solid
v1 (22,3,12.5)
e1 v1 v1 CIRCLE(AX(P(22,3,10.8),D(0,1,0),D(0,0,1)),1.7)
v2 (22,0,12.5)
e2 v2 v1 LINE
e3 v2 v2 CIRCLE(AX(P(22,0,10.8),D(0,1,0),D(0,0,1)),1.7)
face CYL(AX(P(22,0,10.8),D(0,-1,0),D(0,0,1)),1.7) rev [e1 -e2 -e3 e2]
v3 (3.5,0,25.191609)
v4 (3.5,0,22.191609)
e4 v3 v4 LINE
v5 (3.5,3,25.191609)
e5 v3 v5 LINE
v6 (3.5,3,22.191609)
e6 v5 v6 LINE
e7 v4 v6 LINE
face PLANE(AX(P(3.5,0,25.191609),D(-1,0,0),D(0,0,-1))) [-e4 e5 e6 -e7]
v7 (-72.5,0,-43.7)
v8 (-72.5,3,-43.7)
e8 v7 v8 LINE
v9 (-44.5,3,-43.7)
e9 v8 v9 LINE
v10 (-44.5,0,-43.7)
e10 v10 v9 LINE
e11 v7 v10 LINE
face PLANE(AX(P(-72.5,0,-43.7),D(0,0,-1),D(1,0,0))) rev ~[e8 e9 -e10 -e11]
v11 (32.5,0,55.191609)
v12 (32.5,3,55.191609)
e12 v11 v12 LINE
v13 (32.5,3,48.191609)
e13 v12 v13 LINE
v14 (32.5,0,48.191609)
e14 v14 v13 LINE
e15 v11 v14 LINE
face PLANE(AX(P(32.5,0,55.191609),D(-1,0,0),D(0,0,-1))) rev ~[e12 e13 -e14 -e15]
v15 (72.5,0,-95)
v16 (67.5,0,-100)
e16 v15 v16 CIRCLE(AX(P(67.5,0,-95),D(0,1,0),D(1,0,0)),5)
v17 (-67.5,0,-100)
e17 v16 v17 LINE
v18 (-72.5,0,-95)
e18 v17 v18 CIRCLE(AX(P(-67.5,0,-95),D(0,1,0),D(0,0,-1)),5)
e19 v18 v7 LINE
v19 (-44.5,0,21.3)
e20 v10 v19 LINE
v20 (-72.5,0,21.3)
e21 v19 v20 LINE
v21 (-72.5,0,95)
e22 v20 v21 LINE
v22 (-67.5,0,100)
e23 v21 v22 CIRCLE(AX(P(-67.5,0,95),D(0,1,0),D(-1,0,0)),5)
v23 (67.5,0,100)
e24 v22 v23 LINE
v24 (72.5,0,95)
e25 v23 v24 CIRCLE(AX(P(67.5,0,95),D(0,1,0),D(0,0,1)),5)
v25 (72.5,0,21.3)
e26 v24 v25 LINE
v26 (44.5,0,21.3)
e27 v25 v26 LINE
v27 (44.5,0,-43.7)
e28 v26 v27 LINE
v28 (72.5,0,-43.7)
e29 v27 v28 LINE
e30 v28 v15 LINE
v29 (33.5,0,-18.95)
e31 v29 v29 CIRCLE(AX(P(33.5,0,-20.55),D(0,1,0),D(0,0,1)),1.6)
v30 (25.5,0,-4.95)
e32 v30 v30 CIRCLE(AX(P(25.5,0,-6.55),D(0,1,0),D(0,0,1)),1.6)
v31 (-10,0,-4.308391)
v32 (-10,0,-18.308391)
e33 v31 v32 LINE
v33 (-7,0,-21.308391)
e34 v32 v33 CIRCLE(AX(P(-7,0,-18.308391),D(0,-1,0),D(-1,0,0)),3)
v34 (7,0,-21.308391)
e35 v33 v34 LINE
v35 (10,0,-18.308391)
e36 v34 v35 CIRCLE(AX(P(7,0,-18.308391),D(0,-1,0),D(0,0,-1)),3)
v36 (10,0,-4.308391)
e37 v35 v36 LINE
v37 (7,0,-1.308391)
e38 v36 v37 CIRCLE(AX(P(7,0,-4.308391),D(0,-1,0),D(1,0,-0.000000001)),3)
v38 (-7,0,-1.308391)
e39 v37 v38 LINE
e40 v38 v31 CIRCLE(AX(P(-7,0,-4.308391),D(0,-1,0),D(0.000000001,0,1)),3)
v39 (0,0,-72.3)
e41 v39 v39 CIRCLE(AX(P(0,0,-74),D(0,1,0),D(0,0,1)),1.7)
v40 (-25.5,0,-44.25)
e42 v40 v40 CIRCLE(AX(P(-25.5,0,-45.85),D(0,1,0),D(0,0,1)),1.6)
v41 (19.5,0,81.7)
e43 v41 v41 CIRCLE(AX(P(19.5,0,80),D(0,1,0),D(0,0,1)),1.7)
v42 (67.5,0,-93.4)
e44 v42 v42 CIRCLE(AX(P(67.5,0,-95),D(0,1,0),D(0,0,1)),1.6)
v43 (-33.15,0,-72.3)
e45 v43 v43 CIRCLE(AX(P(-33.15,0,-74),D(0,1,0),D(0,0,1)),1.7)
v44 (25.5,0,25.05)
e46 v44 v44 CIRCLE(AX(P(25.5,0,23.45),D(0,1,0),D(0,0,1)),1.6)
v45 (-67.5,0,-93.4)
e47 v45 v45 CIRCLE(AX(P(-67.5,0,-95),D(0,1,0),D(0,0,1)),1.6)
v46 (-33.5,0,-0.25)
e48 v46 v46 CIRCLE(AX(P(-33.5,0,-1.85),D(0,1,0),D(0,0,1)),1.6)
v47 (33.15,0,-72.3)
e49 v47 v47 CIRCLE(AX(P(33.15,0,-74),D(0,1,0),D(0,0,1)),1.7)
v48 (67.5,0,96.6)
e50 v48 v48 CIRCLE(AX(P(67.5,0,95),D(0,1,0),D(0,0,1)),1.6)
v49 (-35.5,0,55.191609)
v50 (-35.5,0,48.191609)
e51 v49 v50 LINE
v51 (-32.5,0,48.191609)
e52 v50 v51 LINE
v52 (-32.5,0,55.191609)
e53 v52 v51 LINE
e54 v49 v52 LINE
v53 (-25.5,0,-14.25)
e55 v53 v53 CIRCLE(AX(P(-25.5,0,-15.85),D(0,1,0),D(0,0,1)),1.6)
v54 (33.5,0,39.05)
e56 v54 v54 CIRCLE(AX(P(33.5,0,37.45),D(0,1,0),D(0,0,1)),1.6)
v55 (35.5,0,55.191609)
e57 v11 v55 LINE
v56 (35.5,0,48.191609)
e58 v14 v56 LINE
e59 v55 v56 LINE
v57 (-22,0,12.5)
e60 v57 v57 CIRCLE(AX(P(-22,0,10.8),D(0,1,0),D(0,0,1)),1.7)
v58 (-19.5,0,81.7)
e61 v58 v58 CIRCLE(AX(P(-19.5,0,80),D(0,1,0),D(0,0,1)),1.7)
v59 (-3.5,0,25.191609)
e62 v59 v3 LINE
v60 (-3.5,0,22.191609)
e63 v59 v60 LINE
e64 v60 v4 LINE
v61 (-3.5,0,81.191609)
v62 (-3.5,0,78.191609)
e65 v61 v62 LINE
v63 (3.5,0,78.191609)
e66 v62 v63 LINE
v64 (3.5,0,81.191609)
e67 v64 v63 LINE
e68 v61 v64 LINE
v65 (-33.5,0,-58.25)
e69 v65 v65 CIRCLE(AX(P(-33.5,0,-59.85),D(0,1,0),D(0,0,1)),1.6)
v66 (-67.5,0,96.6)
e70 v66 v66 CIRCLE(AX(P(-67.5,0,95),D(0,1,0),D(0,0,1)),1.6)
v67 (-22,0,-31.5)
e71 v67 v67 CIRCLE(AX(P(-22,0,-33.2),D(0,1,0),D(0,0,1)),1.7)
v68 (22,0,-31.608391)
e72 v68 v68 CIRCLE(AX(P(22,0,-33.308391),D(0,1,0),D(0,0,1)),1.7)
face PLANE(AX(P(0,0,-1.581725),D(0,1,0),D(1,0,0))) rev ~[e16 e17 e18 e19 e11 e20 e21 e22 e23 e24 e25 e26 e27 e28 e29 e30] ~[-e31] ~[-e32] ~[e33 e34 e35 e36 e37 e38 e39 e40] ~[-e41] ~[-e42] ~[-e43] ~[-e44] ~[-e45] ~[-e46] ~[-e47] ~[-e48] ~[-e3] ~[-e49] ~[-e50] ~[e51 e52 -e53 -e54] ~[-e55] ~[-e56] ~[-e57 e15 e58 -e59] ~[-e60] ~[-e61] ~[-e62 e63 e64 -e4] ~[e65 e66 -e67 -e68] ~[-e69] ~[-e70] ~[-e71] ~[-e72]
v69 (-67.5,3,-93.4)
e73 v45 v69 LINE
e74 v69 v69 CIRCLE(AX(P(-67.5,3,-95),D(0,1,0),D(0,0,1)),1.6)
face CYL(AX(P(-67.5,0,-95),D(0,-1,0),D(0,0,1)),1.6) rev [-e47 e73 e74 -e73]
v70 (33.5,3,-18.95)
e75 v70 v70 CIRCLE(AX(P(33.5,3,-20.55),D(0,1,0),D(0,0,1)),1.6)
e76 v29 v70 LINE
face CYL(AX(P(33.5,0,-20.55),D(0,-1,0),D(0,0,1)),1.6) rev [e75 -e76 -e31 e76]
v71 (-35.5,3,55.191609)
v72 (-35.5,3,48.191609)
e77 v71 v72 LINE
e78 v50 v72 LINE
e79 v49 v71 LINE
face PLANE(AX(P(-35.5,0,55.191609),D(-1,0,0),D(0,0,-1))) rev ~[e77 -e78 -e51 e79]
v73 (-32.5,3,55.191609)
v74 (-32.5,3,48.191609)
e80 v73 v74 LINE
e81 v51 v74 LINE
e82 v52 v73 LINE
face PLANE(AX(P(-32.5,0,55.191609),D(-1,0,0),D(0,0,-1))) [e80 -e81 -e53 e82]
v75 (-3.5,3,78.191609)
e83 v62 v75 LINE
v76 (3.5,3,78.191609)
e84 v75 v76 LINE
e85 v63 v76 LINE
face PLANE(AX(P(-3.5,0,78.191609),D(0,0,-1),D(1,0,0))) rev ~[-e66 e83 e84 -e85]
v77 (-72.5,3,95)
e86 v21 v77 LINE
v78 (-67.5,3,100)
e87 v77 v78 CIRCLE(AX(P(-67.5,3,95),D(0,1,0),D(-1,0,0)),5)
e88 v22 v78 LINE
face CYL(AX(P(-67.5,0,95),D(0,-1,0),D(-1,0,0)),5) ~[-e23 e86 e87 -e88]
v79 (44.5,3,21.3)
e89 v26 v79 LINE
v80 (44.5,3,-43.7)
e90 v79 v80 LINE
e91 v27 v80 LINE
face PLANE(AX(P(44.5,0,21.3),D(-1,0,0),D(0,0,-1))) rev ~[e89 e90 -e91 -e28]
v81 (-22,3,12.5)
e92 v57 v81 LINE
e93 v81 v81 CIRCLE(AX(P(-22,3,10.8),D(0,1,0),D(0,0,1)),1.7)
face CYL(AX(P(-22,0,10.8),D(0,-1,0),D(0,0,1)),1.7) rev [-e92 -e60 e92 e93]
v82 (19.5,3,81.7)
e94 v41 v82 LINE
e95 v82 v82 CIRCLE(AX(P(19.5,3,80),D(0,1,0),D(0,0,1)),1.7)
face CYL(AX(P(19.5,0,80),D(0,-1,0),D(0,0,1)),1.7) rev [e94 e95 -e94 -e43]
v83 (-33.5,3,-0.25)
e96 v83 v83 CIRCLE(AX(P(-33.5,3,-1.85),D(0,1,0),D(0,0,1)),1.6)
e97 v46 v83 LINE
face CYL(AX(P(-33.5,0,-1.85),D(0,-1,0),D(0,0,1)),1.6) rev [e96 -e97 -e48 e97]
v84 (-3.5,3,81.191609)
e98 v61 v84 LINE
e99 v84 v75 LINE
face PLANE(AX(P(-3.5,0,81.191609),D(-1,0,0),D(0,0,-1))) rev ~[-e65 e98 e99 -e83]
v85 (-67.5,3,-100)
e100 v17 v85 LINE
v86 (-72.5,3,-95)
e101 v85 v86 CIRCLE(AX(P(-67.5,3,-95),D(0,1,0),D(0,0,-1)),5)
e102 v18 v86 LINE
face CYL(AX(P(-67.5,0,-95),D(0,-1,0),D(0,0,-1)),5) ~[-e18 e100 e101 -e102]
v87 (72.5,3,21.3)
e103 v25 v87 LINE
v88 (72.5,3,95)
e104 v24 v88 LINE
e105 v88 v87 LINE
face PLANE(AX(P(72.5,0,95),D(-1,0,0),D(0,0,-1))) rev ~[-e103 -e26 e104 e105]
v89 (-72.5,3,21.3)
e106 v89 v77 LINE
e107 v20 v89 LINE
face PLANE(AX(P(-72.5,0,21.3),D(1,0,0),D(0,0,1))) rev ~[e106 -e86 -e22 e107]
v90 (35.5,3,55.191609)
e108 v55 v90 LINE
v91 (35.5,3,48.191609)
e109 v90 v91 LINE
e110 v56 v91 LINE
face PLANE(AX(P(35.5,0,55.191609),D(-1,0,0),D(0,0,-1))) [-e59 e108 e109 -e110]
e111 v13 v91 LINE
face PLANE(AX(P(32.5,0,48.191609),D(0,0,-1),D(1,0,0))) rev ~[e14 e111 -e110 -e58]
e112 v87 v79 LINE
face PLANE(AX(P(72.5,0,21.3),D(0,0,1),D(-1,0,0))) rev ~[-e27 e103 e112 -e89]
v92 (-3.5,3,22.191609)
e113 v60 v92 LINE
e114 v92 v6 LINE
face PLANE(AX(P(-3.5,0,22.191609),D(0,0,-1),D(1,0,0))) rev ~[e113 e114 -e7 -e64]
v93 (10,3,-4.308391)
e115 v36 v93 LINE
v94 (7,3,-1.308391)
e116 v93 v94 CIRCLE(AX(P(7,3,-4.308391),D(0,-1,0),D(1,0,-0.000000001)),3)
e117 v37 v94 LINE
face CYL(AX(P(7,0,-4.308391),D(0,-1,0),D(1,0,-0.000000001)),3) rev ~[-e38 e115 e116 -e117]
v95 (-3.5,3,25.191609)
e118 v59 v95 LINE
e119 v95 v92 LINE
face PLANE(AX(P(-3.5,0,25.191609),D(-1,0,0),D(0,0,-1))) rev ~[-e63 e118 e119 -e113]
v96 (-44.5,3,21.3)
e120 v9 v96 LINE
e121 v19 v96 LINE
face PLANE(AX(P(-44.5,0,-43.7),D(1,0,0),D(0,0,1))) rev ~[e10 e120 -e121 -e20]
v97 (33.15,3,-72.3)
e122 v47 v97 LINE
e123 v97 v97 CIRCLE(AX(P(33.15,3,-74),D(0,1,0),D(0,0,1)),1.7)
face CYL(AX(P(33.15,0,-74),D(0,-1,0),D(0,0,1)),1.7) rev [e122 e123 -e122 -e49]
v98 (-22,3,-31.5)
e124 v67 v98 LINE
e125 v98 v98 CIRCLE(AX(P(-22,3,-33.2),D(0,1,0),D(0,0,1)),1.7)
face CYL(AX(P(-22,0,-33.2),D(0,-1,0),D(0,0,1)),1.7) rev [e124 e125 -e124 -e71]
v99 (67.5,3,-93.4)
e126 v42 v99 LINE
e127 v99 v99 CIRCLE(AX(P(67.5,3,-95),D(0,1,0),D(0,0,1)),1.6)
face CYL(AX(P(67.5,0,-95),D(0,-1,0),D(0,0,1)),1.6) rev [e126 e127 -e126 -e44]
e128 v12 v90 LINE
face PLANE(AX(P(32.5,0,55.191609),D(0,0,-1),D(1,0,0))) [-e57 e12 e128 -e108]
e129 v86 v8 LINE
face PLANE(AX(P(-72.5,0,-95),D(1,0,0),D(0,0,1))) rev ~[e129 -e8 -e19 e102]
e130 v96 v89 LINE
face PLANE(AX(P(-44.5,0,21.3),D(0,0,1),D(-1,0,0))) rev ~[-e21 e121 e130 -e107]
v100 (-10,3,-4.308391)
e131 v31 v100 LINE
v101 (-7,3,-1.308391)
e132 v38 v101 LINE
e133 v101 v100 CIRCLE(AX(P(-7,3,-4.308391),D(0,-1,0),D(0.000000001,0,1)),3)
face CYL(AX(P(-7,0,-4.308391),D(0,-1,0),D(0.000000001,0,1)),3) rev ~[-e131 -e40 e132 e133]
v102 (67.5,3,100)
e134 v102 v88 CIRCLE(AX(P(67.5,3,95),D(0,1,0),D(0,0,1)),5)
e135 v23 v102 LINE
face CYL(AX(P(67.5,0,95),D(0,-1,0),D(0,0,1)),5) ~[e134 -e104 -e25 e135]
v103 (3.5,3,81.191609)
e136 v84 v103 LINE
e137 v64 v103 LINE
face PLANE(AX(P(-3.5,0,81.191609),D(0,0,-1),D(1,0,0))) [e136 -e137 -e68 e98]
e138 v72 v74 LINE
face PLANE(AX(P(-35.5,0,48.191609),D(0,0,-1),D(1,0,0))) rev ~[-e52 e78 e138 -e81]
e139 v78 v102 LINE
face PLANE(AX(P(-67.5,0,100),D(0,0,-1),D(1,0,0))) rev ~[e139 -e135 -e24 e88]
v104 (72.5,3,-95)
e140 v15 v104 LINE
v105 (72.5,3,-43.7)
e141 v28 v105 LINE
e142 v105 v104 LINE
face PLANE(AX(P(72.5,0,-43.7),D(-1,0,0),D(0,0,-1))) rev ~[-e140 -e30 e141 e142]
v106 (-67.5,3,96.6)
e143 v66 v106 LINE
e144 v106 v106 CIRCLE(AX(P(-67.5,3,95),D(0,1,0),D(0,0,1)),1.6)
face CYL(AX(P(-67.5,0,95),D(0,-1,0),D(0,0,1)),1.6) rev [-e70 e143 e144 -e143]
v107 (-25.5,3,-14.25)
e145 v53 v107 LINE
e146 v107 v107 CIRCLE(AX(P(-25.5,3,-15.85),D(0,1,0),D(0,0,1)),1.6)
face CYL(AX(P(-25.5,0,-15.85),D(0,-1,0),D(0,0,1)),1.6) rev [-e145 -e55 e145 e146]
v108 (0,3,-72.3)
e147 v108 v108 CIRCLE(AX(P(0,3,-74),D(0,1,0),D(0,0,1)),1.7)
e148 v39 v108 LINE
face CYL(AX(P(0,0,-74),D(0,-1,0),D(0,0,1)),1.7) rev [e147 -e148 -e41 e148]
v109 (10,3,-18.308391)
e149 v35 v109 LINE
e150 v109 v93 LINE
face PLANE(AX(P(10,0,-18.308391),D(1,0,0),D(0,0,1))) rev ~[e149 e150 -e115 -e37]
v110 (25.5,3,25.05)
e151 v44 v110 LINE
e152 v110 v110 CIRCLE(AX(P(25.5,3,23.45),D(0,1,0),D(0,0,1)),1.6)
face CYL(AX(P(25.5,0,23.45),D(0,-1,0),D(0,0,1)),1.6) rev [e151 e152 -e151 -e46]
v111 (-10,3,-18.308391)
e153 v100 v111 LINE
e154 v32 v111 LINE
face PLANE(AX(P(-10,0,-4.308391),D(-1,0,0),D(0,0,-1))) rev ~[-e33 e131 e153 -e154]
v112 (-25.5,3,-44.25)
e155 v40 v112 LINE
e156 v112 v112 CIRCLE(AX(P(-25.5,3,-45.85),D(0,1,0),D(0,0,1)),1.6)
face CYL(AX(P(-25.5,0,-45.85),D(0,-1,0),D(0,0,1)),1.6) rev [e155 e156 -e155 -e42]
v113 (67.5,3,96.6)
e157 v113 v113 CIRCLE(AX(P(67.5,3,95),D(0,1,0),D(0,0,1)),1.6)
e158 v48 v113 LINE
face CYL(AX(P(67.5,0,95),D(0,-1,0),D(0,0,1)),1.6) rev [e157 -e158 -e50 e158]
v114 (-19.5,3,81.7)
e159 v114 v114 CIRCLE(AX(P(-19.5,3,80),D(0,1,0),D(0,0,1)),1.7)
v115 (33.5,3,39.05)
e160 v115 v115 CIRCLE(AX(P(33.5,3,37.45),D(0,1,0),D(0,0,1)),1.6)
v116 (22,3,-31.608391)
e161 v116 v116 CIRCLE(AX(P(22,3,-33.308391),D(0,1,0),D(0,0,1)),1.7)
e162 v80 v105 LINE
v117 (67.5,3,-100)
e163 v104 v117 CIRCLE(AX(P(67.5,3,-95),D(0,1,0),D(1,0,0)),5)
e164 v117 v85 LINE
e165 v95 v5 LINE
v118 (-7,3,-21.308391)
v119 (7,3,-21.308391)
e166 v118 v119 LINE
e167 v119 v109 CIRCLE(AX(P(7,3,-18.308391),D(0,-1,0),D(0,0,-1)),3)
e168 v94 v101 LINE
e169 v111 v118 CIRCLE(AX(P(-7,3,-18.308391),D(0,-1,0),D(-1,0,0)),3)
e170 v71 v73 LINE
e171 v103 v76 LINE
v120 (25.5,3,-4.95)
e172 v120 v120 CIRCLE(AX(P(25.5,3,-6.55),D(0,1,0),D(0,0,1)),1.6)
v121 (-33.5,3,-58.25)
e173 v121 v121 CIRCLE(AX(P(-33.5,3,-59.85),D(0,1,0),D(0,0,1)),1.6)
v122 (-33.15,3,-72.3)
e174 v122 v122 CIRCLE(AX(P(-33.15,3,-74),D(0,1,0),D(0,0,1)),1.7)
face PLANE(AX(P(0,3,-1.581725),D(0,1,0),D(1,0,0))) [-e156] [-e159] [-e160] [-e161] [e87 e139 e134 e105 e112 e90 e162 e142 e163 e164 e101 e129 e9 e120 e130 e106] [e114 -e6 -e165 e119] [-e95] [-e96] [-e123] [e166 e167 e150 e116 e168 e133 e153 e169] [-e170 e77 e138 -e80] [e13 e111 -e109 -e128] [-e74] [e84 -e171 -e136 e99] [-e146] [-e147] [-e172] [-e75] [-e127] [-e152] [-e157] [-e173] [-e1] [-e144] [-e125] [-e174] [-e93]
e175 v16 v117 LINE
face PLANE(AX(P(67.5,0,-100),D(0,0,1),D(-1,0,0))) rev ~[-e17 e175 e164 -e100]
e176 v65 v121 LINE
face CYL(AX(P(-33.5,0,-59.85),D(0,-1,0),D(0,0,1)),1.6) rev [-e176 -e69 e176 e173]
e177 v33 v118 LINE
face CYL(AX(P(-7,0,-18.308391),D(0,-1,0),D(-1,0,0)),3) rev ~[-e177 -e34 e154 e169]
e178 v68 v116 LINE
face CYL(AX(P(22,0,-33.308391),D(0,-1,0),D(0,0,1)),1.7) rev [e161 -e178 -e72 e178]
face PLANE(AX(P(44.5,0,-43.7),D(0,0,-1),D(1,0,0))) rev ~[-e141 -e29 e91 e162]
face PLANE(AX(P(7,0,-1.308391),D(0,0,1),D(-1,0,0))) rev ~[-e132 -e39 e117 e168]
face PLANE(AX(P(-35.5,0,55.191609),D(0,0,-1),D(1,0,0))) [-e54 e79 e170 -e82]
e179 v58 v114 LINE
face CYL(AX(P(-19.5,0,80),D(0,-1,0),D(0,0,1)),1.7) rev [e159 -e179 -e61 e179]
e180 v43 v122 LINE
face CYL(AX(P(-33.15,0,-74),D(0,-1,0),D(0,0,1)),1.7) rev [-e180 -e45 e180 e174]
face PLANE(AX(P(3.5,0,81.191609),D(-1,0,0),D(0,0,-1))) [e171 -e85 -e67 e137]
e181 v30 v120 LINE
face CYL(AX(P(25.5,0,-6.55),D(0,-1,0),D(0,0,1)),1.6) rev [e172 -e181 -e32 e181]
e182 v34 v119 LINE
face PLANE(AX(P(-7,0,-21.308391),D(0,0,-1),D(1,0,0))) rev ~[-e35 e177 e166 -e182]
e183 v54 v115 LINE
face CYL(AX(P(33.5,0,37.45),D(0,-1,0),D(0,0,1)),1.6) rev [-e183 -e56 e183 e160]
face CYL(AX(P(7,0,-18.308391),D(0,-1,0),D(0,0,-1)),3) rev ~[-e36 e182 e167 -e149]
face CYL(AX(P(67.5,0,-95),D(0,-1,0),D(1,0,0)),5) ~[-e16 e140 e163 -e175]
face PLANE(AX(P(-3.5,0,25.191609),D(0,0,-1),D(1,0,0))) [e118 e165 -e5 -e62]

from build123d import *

# Parameters (mm, degrees)
SKETCH_1_R      = 1.6
SKETCH_1_R_2    = 1.7
SKETCH_1_W      = 3
SKETCH_1_H      = 7
SKETCH_1_W_2    = 7
SKETCH_1_H_2    = 3
EXTRUDE_2_DEPTH = 3


with BuildPart() as part:
    # 草图1 → 凸台-拉伸2 (new body)
    with BuildSketch(Plane(origin=(0, 0, 0), x_dir=(1, 0, 0), z_dir=(0, 1, 0))):
        with BuildLine():
            Line((67.5, 100), (-67.5, 100))
            ThreePointArc((-67.5, 100), (-71.035533906, 98.535533906), (-72.5, 95))
            Line((-72.5, 95), (-72.5, 43.7))
            Line((-72.5, 43.7), (-44.5, 43.7))
            Line((-44.5, 43.7), (-44.5, -21.3))
            Line((-44.5, -21.3), (-72.5, -21.3))
            Line((-72.5, -21.3), (-72.5, -95))
            ThreePointArc((-72.5, -95), (-71.035533906, -98.535533906), (-67.5, -100))
            Line((-67.5, -100), (67.5, -100))
            ThreePointArc((67.5, -100), (71.035533906, -98.535533906), (72.5, -95))
            Line((72.5, -95), (72.5, -21.3))
            Line((72.5, -21.3), (44.5, -21.3))
            Line((44.5, -21.3), (44.5, 43.7))
            Line((44.5, 43.7), (72.5, 43.7))
            Line((72.5, 43.7), (72.5, 95))
            ThreePointArc((72.5, 95), (71.035533906, 98.535533906), (67.5, 100))
        make_face()
        with Locations(Location((-67.5, -95, 0), (0, 0, 270))):
            Circle(SKETCH_1_R, mode=Mode.SUBTRACT)
        with Locations(Location((-19.5, -80, 0), (0, 0, 270))):
            Circle(SKETCH_1_R_2, mode=Mode.SUBTRACT)
        with Locations((-34, -51.69160916)):
            Rectangle(SKETCH_1_W, SKETCH_1_H, mode=Mode.SUBTRACT)
        with Locations(Location((-22, -10.8, 0), (0, 0, 270))):
            Circle(SKETCH_1_R_2, mode=Mode.SUBTRACT)
        with Locations((0, -79.69160916)):
            Rectangle(SKETCH_1_W_2, SKETCH_1_H_2, mode=Mode.SUBTRACT)
        with Locations(Location((19.5, -80, 0), (0, 0, 270))):
            Circle(SKETCH_1_R_2, mode=Mode.SUBTRACT)
        with Locations((34, -51.69160916)):
            Rectangle(SKETCH_1_W, SKETCH_1_H, mode=Mode.SUBTRACT)
        with Locations(Location((67.5, -95, 0), (0, 0, 270))):
            Circle(SKETCH_1_R, mode=Mode.SUBTRACT)
        with Locations(Location((33.5, -37.45, 0), (0, 0, 270))):
            Circle(SKETCH_1_R, mode=Mode.SUBTRACT)
        with Locations((0, -23.69160916)):
            Rectangle(SKETCH_1_W_2, SKETCH_1_H_2, mode=Mode.SUBTRACT)
        with Locations(Location((25.5, -23.45, 0), (0, 0, 270))):
            Circle(SKETCH_1_R, mode=Mode.SUBTRACT)
        with Locations(Location((22, -10.8, 0), (0, 0, 270))):
            Circle(SKETCH_1_R_2, mode=Mode.SUBTRACT)
        with Locations(Location((-33.5, 1.85, 0), (0, 0, 270))):
            Circle(SKETCH_1_R, mode=Mode.SUBTRACT)
        with Locations(Location((-25.5, 15.85, 0), (0, 0, 270))):
            Circle(SKETCH_1_R, mode=Mode.SUBTRACT)
        with Locations(Location((-22, 33.2, 0), (0, 0, 270))):
            Circle(SKETCH_1_R_2, mode=Mode.SUBTRACT)
        with Locations(Location((-25.5, 45.85, 0), (0, 0, 270))):
            Circle(SKETCH_1_R, mode=Mode.SUBTRACT)
        with Locations(Location((-67.5, 95, 0), (0, 0, 270))):
            Circle(SKETCH_1_R, mode=Mode.SUBTRACT)
        with Locations(Location((-33.5, 59.85, 0), (0, 0, 270))):
            Circle(SKETCH_1_R, mode=Mode.SUBTRACT)
        with Locations(Location((-33.15, 74, 0), (0, 0, 270))):
            Circle(SKETCH_1_R_2, mode=Mode.SUBTRACT)
        with BuildLine():
            ThreePointArc((-10, 18.30839084), (-9.121320344, 20.429711183), (-7, 21.30839084))
            Line((-7, 21.30839084), (7, 21.30839084))
            ThreePointArc((7, 21.30839084), (9.121320344, 20.429711183), (10, 18.30839084))
            Line((10, 18.30839084), (10, 4.30839084))
            ThreePointArc((10, 4.30839084), (9.121320344, 2.187070496), (7, 1.30839084))
            Line((7, 1.30839084), (-7, 1.30839084))
            ThreePointArc((-7, 1.30839084), (-9.121320344, 2.187070496), (-10, 4.30839084))
            Line((-10, 4.30839084), (-10, 18.30839084))
        make_face(mode=Mode.SUBTRACT)
        with Locations(Location((25.5, 6.55, 0), (0, 0, 270))):
            Circle(SKETCH_1_R, mode=Mode.SUBTRACT)
        with Locations(Location((33.5, 20.55, 0), (0, 0, 270))):
            Circle(SKETCH_1_R, mode=Mode.SUBTRACT)
        with Locations(Location((22, 33.30839084, 0), (0, 0, 270))):
            Circle(SKETCH_1_R_2, mode=Mode.SUBTRACT)
        with Locations(Location((0, 74, 0), (0, 0, 270))):
            Circle(SKETCH_1_R_2, mode=Mode.SUBTRACT)
        with Locations(Location((33.15, 74, 0), (0, 0, 270))):
            Circle(SKETCH_1_R_2, mode=Mode.SUBTRACT)
        with Locations(Location((67.5, 95, 0), (0, 0, 270))):
            Circle(SKETCH_1_R, mode=Mode.SUBTRACT)
    extrude(amount=EXTRUDE_2_DEPTH)


solid = part.part
